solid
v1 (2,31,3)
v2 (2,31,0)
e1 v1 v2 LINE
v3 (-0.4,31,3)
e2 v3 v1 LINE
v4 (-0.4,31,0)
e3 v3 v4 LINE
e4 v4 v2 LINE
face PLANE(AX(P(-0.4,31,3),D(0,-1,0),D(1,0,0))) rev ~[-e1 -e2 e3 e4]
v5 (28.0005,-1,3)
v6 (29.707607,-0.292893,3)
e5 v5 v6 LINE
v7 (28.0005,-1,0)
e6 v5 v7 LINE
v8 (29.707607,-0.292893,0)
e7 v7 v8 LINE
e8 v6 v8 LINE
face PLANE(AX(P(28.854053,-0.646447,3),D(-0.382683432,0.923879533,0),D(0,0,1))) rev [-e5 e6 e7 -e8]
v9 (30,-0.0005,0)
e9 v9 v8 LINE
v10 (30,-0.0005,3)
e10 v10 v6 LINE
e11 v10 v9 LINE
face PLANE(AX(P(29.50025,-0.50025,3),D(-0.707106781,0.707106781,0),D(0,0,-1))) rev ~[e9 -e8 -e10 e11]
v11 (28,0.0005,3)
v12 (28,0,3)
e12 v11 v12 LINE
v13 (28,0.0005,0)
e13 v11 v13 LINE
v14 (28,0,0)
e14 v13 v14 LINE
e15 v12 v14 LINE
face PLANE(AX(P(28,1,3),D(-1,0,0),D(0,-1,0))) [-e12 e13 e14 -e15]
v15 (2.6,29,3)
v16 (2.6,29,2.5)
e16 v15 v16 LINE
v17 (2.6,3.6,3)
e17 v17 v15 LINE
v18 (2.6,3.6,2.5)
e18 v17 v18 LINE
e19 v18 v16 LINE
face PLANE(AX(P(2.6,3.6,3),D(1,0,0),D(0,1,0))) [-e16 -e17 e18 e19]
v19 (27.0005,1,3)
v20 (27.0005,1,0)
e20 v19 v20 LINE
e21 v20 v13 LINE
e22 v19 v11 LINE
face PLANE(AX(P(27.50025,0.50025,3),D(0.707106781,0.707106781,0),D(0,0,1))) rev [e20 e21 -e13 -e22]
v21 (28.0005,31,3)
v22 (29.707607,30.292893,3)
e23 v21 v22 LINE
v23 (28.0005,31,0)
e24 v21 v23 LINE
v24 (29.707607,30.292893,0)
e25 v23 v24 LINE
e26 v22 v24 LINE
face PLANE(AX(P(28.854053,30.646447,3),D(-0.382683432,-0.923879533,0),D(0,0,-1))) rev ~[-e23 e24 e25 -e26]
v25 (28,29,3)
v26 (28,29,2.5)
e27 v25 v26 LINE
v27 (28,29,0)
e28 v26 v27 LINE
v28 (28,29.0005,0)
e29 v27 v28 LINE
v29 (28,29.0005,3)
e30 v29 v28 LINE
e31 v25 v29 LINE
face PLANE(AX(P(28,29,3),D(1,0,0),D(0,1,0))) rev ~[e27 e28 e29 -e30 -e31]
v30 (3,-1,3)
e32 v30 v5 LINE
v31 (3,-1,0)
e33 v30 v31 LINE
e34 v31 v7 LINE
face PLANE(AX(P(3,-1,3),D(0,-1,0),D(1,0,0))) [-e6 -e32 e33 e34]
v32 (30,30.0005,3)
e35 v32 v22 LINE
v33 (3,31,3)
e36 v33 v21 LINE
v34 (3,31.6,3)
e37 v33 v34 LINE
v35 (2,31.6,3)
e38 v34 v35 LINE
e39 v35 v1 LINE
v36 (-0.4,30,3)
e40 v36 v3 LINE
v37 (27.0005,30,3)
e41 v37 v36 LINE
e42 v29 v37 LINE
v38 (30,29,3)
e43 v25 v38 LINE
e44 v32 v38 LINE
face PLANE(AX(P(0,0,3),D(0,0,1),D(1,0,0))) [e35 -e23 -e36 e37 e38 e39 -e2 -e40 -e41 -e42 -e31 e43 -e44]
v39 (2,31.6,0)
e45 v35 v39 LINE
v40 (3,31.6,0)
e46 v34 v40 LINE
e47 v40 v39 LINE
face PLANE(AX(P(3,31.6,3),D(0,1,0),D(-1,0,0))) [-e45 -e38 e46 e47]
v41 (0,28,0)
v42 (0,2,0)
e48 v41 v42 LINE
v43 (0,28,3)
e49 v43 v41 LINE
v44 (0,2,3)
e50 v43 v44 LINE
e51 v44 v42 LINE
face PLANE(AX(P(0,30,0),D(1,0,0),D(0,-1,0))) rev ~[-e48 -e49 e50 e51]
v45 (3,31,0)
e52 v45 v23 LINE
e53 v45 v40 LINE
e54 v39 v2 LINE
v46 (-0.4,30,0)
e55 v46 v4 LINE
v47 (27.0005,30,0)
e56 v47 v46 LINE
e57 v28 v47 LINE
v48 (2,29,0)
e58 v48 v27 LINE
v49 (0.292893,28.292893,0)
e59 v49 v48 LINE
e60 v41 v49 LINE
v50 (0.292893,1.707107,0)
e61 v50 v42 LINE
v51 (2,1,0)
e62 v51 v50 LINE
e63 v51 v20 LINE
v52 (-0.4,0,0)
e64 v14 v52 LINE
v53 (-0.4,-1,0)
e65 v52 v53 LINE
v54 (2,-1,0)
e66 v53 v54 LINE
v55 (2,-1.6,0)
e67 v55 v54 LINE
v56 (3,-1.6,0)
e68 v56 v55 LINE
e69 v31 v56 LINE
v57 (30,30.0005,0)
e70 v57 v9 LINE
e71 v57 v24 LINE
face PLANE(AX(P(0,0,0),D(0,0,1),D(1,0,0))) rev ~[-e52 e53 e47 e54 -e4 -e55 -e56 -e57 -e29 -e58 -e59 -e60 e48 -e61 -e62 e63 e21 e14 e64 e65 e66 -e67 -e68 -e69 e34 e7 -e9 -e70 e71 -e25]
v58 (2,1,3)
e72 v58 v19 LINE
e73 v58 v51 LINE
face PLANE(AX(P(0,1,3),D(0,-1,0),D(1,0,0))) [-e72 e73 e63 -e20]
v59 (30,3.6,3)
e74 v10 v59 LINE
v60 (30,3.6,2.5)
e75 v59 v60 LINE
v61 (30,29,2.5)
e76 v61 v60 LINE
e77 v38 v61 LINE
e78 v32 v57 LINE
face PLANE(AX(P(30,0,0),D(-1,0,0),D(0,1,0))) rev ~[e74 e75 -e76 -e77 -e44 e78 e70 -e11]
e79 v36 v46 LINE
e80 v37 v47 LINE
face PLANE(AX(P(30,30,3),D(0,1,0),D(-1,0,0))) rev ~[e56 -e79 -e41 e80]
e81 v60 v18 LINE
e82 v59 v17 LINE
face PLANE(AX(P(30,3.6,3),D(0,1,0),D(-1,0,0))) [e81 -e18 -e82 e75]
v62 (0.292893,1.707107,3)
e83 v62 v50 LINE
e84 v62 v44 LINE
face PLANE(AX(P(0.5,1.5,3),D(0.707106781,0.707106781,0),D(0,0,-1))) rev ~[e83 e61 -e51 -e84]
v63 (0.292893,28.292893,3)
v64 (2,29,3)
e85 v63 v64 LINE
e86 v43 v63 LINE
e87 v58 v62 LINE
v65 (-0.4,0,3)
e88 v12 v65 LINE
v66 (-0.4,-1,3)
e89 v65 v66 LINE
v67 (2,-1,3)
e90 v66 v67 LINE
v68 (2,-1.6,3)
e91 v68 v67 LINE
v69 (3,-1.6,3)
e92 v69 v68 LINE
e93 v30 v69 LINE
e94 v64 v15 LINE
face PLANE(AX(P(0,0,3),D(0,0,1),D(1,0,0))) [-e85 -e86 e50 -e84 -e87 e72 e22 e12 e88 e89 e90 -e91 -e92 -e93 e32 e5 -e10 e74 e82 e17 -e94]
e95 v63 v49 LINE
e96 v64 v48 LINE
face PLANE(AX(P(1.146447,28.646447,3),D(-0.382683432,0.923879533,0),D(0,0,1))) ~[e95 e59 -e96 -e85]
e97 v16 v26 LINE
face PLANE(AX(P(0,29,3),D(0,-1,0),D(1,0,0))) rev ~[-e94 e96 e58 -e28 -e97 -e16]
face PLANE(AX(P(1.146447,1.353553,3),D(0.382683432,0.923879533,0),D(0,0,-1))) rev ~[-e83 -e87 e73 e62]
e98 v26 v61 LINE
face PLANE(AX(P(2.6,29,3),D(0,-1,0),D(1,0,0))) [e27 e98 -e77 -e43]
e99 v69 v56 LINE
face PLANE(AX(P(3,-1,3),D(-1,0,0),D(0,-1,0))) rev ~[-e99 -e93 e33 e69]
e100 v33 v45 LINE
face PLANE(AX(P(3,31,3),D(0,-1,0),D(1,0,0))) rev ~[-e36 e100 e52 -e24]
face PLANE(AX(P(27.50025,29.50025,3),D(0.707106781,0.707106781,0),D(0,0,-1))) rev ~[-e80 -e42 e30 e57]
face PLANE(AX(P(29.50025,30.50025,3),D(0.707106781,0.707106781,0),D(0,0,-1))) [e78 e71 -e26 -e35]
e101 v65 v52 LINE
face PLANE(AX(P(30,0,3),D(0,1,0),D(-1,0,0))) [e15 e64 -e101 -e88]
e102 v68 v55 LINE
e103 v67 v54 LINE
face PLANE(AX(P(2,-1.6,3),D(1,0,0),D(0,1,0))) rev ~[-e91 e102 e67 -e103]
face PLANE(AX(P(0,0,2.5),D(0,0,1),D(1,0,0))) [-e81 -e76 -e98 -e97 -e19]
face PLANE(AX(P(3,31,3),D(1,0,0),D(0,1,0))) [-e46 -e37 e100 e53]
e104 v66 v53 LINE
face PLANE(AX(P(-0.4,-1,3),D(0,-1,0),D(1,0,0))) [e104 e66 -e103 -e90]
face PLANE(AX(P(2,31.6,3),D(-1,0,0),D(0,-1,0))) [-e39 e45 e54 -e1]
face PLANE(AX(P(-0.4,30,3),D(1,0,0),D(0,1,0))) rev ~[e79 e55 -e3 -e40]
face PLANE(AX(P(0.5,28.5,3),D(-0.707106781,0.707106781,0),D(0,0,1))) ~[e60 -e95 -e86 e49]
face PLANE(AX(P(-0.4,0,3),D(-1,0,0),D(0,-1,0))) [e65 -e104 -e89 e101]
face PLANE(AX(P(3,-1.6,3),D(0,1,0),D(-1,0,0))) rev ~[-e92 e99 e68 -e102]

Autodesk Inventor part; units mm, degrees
ref_plane "YZ Plane" through (0, 0, 0) normal (1, 0, 0) x (0, 1, 0)
ref_plane "XZ Plane" through (0, 0, 0) normal (0, 1, 0) x (-1, 0, 0)
ref_plane "XY Plane" through (0, 0, 0) normal (0, 0, 1) x (1, 0, 0)
sketch "Sketch1" plane through (0, 0, 0) normal (0, 0, 1) x (1, 0, 0)
  line L0 (0, 0) -> (30, 0)
  line L1 (30, 0) -> (30, 30)
  line L2 (30, 30) -> (0, 30)
  line L3 (0, 30) -> (0, 0)
  dimension "d0" = 30
  dimension "d1" = 30
extrude "Extrusion1" add sketch "Sketch1" along normal blind 3
sketch "Sketch2" plane through (0, 0, 3) normal (0, 0, 1) x (1, 0, 0)
  line L0 (30, 3.6) -> (2.6, 3.6)
  line L1 (2.6, 3.6) -> (2.6, 29)
  line L2 (2.6, 29) -> (30, 29)
  line L3 (30, 29) -> (30, 3.6)
  line L4 (0, 0) -> (30, 0) projected
  line L5 (30, 0) -> (30, 30) projected
  dimension "d4" = 27.4
  dimension "d5" = 25.4
  dimension "d36" = 3.6
extrude "Extrusion2" cut sketch "Sketch2" against normal blind 0.5
sketch "Sketch3" plane through (0, 0, 3) normal (0, 0, 1) x (1, 0, 0)
  line L0 (30, 30) -> (0, 30) projected
  line L1 (0, 30) -> (0, 0) projected
  line L2 (28, 30) -> (0, 30)
  line L3 (0, 30) -> (0, 29)
  line L4 (0, 29) -> (28, 29)
  line L5 (28, 29) -> (28, 30)
  line L6 (30, 29) -> (30, 30) projected
  line L7 (0, 0) -> (30, 0) projected
  line L8 (28, 0) -> (0, 0)
  line L9 (0, 0) -> (0, 1)
  line L10 (0, 1) -> (28, 1)
  line L11 (28, 1) -> (28, 0)
  line L12 (30, 0) -> (30, 3.6) projected
  dimension "d8" = 1
  dimension "d9" = 2
  dimension "d10" = 1
  dimension "d11" = 2
extrude "Extrusion3" cut sketch "Sketch3" against normal through all
sketch "Sketch4" plane through (0, 0, 3) normal (0, 0, 1) x (1, 0, 0)
  line L0 (30, 29) -> (30, 30) projected
  line L1 (30, 30) -> (-0.4, 30)
  line L2 (-0.4, 30) -> (-0.4, 31)
  line L3 (-0.4, 31) -> (30, 31)
  line L4 (30, 31) -> (30, 30)
  line L5 (30, 0) -> (-0.4, 0)
  line L6 (-0.4, 0) -> (-0.4, -1)
  line L7 (-0.4, -1) -> (30, -1)
  line L8 (30, -1) -> (30, 0)
  line L9 (2, 31) -> (3, 31)
  line L10 (3, 31) -> (3, 31.6)
  line L11 (3, 31.6) -> (2, 31.6)
  line L12 (2, 31.6) -> (2, 31)
  line L13 (2, -1) -> (3, -1)
  line L14 (3, -1) -> (3, -1.6)
  line L15 (3, -1.6) -> (2, -1.6)
  line L16 (2, -1.6) -> (2, -1)
  line L17 (0, 29) -> (0, 1) projected
  point P0 (0, 0)
  dimension "d14" = 30.4
  dimension "d15" = 1
  dimension "d17" = 1
  dimension "d20" = 1
  dimension "d21" = 0.6
  dimension "d26" = 1
  dimension "d27" = 0.6
  dimension "d35" = 2
extrude "Extrusion4" add sketch "Sketch4" against normal blind 3
chamfer "Chamfer1" distance 1 angle 45 4 edges at (30, 31, 1.5) (30, -1, 1.5) (28, 1, 1.5) (28, 30, 1.5)
chamfer "Chamfer2" distance 1 angle 45 2 edges at (29.0005, 31, 1.5) (29.0005, -1, 1.5)
chamfer "Chamfer3" distance 1 angle 45 2 edges at (0, 29, 1.5) (0, 1, 1.5)
chamfer "Chamfer4" distance 1 angle 45 2 edges at (1, 29, 1.5) (1, 1, 1.5)
properties part number "TA10" material "ABS Plastic"
